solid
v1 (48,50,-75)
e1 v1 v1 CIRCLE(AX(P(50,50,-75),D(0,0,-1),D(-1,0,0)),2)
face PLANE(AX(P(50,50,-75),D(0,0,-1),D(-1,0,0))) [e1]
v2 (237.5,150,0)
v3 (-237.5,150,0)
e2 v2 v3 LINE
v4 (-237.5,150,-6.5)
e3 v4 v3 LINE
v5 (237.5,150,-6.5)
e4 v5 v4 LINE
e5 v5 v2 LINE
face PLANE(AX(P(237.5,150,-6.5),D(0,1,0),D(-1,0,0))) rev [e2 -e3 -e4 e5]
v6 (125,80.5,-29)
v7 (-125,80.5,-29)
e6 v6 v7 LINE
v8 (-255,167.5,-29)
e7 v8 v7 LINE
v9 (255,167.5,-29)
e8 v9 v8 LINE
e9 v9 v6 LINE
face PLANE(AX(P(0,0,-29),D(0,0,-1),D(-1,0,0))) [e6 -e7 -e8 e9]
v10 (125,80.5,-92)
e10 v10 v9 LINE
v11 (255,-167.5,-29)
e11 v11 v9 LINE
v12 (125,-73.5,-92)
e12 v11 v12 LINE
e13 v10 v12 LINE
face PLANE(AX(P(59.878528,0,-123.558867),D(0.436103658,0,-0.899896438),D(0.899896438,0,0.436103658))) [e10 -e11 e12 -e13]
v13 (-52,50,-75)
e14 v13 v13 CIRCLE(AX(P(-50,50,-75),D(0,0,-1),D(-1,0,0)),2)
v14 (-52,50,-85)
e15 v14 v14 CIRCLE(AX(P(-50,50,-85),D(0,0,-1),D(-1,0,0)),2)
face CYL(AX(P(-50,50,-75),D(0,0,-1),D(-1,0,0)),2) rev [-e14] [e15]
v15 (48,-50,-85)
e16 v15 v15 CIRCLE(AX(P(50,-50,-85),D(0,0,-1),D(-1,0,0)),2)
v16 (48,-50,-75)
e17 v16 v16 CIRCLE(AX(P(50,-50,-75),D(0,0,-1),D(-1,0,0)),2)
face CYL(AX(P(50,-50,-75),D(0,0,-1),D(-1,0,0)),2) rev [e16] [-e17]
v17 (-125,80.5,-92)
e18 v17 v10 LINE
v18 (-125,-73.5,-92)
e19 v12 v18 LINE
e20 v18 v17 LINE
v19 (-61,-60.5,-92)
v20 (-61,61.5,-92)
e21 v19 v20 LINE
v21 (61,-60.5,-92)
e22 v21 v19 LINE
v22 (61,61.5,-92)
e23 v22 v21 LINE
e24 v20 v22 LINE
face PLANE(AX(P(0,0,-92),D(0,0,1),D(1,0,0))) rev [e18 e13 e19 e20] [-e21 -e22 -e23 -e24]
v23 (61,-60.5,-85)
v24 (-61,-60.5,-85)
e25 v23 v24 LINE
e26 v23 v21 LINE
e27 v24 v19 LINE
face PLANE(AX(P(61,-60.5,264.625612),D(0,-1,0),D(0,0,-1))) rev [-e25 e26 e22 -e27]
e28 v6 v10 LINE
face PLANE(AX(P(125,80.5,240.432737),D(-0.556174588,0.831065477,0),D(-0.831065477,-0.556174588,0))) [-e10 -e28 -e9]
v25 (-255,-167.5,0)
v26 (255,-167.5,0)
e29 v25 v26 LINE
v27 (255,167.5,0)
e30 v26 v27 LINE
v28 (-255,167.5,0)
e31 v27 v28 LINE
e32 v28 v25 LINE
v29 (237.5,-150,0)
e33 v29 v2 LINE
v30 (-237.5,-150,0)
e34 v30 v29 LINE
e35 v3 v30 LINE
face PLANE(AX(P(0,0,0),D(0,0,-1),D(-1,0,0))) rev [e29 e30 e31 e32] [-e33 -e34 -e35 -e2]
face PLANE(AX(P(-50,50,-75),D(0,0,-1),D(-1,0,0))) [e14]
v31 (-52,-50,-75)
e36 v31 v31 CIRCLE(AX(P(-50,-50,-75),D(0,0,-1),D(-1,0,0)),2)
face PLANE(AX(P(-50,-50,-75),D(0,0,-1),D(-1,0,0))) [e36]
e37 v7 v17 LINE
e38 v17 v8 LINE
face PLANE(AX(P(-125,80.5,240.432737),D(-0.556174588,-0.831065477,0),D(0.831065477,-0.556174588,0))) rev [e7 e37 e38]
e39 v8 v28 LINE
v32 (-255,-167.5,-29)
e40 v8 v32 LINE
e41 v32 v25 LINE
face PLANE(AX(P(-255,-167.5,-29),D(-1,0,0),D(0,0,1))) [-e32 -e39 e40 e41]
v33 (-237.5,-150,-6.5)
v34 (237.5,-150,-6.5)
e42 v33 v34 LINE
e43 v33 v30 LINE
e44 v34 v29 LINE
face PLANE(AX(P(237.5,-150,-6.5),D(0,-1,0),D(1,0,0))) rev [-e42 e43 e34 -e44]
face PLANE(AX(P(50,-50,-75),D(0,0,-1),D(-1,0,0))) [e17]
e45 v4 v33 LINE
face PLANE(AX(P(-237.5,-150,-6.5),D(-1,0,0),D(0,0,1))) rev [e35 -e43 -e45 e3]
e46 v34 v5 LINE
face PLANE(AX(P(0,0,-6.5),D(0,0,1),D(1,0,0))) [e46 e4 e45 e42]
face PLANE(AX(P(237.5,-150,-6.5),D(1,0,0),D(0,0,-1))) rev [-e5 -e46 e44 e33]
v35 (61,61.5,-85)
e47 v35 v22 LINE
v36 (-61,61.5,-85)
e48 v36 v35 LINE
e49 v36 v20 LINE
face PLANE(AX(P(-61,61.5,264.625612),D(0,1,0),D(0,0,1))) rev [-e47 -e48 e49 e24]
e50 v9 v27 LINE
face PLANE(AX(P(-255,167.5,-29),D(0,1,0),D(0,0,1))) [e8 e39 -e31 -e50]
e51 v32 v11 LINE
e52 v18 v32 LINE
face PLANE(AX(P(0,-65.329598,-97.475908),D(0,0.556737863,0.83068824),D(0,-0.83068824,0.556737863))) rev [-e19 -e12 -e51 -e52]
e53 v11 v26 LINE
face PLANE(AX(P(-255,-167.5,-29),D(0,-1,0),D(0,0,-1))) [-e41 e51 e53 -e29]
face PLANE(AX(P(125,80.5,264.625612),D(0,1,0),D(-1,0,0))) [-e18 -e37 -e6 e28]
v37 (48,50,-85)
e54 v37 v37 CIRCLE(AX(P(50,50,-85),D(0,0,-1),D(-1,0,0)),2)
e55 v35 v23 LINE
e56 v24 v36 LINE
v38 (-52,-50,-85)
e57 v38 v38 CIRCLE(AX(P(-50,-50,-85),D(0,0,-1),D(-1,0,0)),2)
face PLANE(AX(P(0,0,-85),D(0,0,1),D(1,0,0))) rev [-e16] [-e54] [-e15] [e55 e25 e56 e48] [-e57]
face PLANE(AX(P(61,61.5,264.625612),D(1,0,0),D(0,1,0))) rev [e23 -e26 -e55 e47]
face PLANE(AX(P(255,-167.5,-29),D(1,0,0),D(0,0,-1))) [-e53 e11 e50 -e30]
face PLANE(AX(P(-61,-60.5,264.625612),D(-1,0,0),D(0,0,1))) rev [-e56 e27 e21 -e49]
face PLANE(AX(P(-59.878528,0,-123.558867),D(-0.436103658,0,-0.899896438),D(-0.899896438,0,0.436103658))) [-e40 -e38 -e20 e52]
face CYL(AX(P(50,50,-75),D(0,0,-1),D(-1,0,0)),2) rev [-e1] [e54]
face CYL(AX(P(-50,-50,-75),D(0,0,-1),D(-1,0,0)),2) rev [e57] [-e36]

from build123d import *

# Parameters (mm, degrees)
SKETCH1_W           = 510
SKETCH1_H           = 335
BOSS_EXTRUDE1_DEPTH = 29
SKETCH2_W           = 475
SKETCH2_H           = 300
CUT_EXTRUDE1_DEPTH  = 6.5
SKETCH3_W           = 122
SKETCH3_H           = 122
BOSS_EXTRUDE2_DEPTH = 56
SKETCH4_R           = 2
CUT_EXTRUDE2_DEPTH  = 10
BOSS_EXTRUDE3_START = -56
SKETCH5_W           = 250
SKETCH5_H           = 154
SKETCH5_W_2         = 122
SKETCH5_H_2         = 122
BOSS_EXTRUDE3_DEPTH = 63
BOSS_EXTRUDE4_REACH = 360.798
BOSS_EXTRUDE5_REACH = 379.454
CUT_EXTRUDE3_DEPTH  = 63


with BuildPart() as part:
    # Sketch1 → Boss-Extrude1 (new body)
    with BuildSketch(Plane.XY):
        Rectangle(SKETCH1_W, SKETCH1_H)
    extrude(amount=-BOSS_EXTRUDE1_DEPTH)

    # Sketch2 → Cut-Extrude1 (cut)
    with BuildSketch(Plane.XY):
        Rectangle(SKETCH2_W, SKETCH2_H)
    extrude(amount=-CUT_EXTRUDE1_DEPTH, mode=Mode.SUBTRACT)

    # Sketch3 → Boss-Extrude2 (add)
    with BuildSketch(Plane(origin=(0, 0, -29), x_dir=(-1, 0, 0), z_dir=(0, 0, -1))):
        with Locations((0, 0.5)):
            Rectangle(SKETCH3_W, SKETCH3_H)
    extrude(amount=BOSS_EXTRUDE2_DEPTH)

    # Sketch4 → Cut-Extrude2 (cut)
    with BuildSketch(Plane(origin=(0, 0, -85), x_dir=(-1, 0, 0), z_dir=(0, 0, -1))):
        with Locations((-50, 50)):
            Circle(SKETCH4_R)
        with Locations((50, 50)):
            Circle(SKETCH4_R)
        with Locations((50, -50)):
            Circle(SKETCH4_R)
        with Locations((-50, -50)):
            Circle(SKETCH4_R)
    extrude(amount=-CUT_EXTRUDE2_DEPTH, mode=Mode.SUBTRACT)

    # Sketch5 → Boss-Extrude3 (add)
    with BuildSketch(Plane(origin=(0, 0, -85), x_dir=(-1, 0, 0), z_dir=(0, 0, -1)).offset(BOSS_EXTRUDE3_START)):
        with Locations((0, 3.5)):
            Rectangle(SKETCH5_W, SKETCH5_H)
        with Locations((0, 0.5)):
            Rectangle(SKETCH5_W_2, SKETCH5_H_2, mode=Mode.SUBTRACT)
    extrude(amount=BOSS_EXTRUDE3_DEPTH)

    # Sketch7 → Boss-Extrude4 (add, up to next)
    with BuildSketch(Plane(origin=(0, -65.329597813, -97.475907848), x_dir=(1, 0, 0), z_dir=(0, 0.55673786293741, 0.8306882399383573)), mode=Mode.PRIVATE) as boss_extrude4_sk1:
        Polygon((255, -122.994882164), (125, -9.835702245), (-125, -9.835702245), (-255, -122.994882164), align=None)
    boss_extrude4_tool1 = extrude(boss_extrude4_sk1.sketch, amount=BOSS_EXTRUDE4_REACH, mode=Mode.PRIVATE) - part.part
    add(boss_extrude4_tool1.solids().sort_by_distance((0, -125.859649, -56.907895))[0])

    # Sketch8 → Boss-Extrude5 (add, up to next)
    with BuildSketch(Plane(origin=(-59.87852796, 0, -123.558867219), x_dir=(0.8998964379962335, 0, -0.4361036584135601), z_dir=(0.4361036584135601, 0, 0.8998964379962335)), mode=Mode.PRIVATE) as boss_extrude5_sk1:
        Polygon((-216.826585595, 167.5), (-216.826585595, -167.5), (-72.365518175, -73.5), (-72.365518175, 80.5), align=None)
    boss_extrude5_tool1 = extrude(boss_extrude5_sk1.sketch, amount=BOSS_EXTRUDE5_REACH, mode=Mode.PRIVATE) - part.part
    boss_extrude5 = boss_extrude5_tool1.solids().sort_by_distance((-198.019768, 1.534083, -56.613497))[0]
    add(boss_extrude5)

    # Sketch9 → Cut-Extrude3 (cut)
    with BuildSketch(Plane(origin=(0, 0, -92), x_dir=(-1, 0, 0), z_dir=(0, 0, -1))):
        Polygon((0, 167.5), (255, 167.5), (125, 80.5), (0, 80.5), align=None)
    cut_extrude3 = extrude(amount=-CUT_EXTRUDE3_DEPTH, mode=Mode.SUBTRACT)

    # Mirror1: Boss-Extrude5, Cut-Extrude3 across plane
    add(boss_extrude5.mirror(Plane(origin=(0, 0, 0), x_dir=(0, 0, 1), z_dir=(1, 0, 0))))
    add(cut_extrude3.mirror(Plane(origin=(0, 0, 0), x_dir=(0, 0, 1), z_dir=(1, 0, 0))), mode=Mode.SUBTRACT)


solid = part.part
